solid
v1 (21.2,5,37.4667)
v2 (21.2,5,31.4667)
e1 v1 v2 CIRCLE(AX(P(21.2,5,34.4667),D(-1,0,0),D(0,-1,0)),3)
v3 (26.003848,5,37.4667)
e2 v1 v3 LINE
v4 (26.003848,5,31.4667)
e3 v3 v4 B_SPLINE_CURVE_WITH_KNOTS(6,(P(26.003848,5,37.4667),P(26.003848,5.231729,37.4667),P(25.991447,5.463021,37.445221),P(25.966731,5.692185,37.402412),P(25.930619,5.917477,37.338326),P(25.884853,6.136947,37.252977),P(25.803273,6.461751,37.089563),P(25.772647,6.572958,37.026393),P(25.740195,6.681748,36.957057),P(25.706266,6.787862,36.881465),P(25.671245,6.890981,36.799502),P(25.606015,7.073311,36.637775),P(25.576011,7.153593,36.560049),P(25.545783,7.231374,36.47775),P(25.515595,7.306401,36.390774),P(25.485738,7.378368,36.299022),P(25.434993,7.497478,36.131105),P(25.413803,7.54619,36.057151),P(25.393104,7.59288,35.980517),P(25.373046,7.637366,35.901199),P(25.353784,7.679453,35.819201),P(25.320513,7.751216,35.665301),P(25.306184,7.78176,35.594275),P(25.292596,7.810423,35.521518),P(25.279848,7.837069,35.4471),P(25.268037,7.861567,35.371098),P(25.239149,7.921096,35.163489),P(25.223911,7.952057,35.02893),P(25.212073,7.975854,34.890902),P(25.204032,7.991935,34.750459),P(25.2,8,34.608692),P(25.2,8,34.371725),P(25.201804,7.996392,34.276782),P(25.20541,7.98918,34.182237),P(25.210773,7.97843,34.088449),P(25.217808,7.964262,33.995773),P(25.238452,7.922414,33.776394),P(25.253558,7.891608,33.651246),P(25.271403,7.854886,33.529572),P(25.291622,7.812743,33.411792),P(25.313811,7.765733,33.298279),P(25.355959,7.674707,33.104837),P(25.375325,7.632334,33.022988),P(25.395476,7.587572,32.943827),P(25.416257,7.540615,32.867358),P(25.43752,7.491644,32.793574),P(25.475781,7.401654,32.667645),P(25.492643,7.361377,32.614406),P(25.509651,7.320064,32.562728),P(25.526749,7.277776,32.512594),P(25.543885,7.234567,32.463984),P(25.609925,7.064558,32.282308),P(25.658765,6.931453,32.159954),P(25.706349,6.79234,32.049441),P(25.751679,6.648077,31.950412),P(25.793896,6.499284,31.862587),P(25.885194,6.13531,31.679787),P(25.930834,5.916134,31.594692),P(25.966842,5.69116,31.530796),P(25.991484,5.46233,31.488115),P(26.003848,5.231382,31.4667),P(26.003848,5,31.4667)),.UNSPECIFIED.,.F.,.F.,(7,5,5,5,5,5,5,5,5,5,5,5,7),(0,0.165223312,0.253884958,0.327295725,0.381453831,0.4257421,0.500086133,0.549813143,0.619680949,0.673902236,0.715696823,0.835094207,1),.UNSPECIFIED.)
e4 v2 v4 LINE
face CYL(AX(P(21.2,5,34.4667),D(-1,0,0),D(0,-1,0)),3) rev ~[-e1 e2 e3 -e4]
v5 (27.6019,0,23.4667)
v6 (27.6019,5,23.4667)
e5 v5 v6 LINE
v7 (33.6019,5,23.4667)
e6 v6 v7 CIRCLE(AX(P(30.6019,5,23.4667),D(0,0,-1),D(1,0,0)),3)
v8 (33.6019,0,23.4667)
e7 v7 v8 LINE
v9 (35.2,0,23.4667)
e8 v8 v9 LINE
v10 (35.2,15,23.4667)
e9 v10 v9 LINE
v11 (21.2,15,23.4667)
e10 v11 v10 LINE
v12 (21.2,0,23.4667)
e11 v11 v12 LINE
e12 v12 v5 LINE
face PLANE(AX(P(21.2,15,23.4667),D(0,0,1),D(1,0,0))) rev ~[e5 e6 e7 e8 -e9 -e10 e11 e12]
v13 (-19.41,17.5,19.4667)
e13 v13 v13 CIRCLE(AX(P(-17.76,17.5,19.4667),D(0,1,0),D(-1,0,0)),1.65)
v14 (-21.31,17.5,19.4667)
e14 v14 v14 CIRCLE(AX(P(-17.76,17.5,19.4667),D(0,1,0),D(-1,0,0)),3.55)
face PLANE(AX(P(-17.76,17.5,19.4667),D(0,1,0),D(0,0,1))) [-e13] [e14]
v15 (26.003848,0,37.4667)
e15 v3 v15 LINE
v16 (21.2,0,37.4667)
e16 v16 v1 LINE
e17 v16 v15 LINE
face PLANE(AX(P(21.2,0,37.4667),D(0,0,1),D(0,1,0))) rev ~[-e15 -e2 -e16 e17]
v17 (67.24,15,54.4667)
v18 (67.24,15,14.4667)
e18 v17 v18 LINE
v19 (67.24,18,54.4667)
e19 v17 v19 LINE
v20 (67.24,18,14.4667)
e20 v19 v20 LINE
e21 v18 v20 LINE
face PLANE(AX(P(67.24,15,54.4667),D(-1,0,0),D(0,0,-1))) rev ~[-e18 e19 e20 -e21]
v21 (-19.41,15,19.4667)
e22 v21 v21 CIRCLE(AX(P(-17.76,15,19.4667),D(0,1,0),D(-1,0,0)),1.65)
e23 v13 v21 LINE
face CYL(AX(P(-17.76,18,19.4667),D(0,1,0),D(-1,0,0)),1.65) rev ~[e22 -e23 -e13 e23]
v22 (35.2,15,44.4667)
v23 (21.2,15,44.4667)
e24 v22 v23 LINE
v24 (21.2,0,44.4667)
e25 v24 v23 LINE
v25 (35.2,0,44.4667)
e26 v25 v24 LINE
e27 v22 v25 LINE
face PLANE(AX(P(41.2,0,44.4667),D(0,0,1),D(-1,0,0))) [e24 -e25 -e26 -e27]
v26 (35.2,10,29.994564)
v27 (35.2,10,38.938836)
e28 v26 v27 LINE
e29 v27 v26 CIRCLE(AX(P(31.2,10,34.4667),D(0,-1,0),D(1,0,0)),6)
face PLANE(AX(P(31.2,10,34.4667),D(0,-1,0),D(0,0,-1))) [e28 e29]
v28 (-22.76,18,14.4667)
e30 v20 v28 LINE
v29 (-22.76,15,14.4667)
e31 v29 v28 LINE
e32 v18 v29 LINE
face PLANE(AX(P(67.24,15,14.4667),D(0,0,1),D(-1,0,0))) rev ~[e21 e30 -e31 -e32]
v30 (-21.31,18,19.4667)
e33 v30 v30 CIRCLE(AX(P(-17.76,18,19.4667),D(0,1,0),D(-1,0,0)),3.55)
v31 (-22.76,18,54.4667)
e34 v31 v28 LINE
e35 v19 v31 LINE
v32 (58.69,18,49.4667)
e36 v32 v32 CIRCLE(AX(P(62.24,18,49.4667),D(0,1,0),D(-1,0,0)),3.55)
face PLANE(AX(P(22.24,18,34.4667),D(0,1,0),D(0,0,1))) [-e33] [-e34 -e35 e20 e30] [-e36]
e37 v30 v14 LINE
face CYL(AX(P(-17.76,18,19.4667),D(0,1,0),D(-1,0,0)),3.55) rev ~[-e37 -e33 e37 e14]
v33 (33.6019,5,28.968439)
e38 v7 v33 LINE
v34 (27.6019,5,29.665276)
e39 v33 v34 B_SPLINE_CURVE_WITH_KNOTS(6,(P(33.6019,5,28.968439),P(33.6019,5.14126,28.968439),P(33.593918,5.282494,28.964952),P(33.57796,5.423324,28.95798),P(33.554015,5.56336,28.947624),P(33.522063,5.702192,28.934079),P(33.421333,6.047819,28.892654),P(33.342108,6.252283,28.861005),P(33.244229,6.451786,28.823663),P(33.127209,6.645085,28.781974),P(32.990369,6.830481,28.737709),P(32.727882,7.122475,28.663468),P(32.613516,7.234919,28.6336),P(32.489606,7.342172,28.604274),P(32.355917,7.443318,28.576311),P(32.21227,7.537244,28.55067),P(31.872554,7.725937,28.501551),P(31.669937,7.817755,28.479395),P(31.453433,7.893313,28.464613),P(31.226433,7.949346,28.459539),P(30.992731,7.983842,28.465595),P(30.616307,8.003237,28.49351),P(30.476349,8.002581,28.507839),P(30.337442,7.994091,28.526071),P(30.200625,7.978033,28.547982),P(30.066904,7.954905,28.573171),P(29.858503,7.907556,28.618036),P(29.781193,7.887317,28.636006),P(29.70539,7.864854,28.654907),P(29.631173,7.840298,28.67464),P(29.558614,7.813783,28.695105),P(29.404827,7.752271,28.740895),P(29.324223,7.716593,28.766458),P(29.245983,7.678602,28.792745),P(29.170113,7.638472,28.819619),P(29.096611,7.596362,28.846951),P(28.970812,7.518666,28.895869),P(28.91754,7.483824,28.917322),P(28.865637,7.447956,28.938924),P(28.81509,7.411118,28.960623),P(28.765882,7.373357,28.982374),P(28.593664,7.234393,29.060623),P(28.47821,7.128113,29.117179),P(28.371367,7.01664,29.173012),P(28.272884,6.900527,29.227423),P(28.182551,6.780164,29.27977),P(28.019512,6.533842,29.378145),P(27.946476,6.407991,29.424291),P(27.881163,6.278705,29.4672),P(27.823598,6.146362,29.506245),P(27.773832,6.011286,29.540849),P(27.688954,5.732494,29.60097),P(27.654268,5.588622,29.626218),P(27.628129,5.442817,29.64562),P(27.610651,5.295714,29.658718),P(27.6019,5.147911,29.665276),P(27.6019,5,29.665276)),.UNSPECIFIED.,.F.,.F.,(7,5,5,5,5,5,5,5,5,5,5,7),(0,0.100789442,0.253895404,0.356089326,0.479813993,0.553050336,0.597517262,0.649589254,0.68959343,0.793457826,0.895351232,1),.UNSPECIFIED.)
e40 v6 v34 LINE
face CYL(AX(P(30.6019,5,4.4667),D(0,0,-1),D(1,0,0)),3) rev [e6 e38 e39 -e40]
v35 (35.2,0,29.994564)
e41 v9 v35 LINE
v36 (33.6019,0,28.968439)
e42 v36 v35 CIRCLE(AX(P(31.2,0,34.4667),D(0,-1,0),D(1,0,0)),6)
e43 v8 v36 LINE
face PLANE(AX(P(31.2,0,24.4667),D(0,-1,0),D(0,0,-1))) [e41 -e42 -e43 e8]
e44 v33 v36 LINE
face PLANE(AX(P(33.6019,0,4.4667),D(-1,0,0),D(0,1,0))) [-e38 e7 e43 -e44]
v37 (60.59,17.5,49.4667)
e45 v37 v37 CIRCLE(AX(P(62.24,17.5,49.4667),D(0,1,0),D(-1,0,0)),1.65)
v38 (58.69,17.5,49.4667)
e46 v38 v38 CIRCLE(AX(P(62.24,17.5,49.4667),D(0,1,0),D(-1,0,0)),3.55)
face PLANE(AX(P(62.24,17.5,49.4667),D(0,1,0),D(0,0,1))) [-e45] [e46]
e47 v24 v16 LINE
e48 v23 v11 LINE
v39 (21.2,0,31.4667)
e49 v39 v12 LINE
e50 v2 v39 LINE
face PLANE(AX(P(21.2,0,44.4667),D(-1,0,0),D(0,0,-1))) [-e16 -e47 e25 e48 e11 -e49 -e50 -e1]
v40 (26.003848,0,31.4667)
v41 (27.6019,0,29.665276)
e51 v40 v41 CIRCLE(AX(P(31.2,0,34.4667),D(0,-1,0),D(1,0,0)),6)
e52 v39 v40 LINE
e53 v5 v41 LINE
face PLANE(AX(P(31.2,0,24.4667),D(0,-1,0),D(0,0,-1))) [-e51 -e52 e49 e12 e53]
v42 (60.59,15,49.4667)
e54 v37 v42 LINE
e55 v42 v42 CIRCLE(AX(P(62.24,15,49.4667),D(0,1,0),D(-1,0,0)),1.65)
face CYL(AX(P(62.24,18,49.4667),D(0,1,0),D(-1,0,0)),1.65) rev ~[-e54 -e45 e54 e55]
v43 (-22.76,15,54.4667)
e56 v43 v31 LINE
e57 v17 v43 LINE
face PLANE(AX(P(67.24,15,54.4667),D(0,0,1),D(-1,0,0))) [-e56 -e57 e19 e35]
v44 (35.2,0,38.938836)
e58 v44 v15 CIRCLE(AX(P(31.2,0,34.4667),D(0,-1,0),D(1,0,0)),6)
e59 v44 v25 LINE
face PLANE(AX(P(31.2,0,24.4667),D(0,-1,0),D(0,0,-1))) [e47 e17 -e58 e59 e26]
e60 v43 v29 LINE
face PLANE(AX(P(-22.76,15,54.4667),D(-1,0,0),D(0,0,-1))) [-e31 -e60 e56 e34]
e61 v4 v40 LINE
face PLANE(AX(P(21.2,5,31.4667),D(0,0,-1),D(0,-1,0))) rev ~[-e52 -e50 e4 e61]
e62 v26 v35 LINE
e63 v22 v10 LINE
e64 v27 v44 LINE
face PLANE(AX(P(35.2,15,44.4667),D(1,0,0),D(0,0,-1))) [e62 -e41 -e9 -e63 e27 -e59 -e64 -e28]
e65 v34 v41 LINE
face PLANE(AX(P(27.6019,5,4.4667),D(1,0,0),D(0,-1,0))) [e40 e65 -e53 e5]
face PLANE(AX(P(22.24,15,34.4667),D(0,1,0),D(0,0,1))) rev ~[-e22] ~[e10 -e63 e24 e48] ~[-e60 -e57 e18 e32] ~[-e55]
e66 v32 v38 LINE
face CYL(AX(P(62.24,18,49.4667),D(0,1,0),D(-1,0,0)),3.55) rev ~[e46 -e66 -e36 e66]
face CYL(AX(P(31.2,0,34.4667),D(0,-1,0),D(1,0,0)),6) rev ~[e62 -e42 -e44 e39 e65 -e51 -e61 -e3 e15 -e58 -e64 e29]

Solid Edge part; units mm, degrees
sketch "Sketch1" plane through (0, 0, 0) normal (0, -1, 0) x (1, 0, 0)
  line L0 (21.2, 4.4667) -> (41.2, 4.4667)
  line L1 (41.2, 4.4667) -> (41.2, 44.4667)
  line L2 (41.2, 44.4667) -> (21.2, 44.4667)
  line L3 (21.2, 44.4667) -> (21.2, 4.4667)
  dimension "D1" = 20
  dimension "D2" = 40
extrude "Protrusion1" add sketch "Sketch1" against normal blind 15
sketch "Sketch2" plane through (31.2, 0, 24.4667) normal (0, -1, 0) x (1, 0, 0)
  circle A0 centre (0, 10) radius 6
  dimension "D1" = 12
  dimension "D2" = 10
extrude "ExtrudedCutout_1" cut sketch "Sketch2" against normal blind 10
sketch "Sketch3" plane through (21.2, 7.5, 24.4667) normal (-1, 0, 0) x (0, -1, 0)
  line L0 (7.5, 13) -> (2.5, 13)
  arc A0 (2.5, 13) -> (2.5, 7) centre (2.5, 10) ccw
  line L1 (2.5, 7) -> (7.5, 7)
  line L2 (7.5, 13) -> (7.5, 7)
  dimension "D1" = 7
  dimension "D2" = 3
  dimension "D3" = 5
extrude "Cutout1" cut sketch "Sketch3" against normal through all
sketch "Sketch4" plane through (31.2, 15, 24.4667) normal (0, 1, 0) x (-1, 0, 0)
  line L0 (-10, 20) -> (-4, 20)
  line L1 (-4, 20) -> (-4, -20)
  line L2 (-4, -20) -> (-10, -20)
  line L3 (-10, -20) -> (-10, 20)
  dimension "D1" = 6
extrude "Cutout2" cut sketch "Sketch4" against normal through all
sketch "Sketch5" plane through (28.2, 7.5, 4.4667) normal (0, 0, -1) x (1, 0, 0)
  line L0 (5.4019, 7.5) -> (5.4019, 2.5)
  arc A0 (5.4019, 2.5) -> (-0.5981, 2.5) centre (2.4019, 2.5) cw
  line L1 (-0.5981, 2.5) -> (-0.5981, 7.5)
  line L2 (5.4019, 7.5) -> (-0.5981, 7.5)
  dimension "D1" = 3
  dimension "D2" = 3
  dimension "D3" = 5
  dimension "D4" = 5
  dimension "D5" = 3
extrude "Cutout3" cut sketch "Sketch5" against normal up to next
sketch "Sketch6" plane through (28.2, 15, 24.4667) normal (0, 1, 0) x (-1, 0, 0)
  line L0 (-7, -20) -> (7, -20)
  line L1 (7, -20) -> (7, -1)
  line L2 (7, -1) -> (-7, -1)
  line L3 (-7, -1) -> (-7, -20)
  dimension "D1" = 19
extrude "Cutout4" cut sketch "Sketch6" against normal up to next
sketch "Sketch7" plane through (28.2, 15, 33.9667) normal (0, 1, 0) x (-1, 0, 0)
  line L0 (-39.04, 20.5) -> (-39.04, -19.5)
  line L1 (-39.04, -19.5) -> (50.96, -19.5)
  line L2 (50.96, 20.5) -> (50.96, -19.5)
  line L3 (-39.04, 20.5) -> (50.96, 20.5)
  dimension "D1" = 40
  dimension "D2" = 36.04
  dimension "D3" = 90
  dimension "D4" = 40
extrude "ExtrudedProtrusion_2" add sketch "Sketch7" along normal blind 3
sketch "Sketch8" plane through (19.24, 18, 34.4667) normal (0, 1, 0) x (-1, 0, 0)
  circle A0 centre (-43, 15) radius 1.65
  circle A1 centre (37, -15) radius 1.65
  dimension "D1" = 3.3
  dimension "D2" = 5
  dimension "D3" = 5
  dimension "D4" = 3.3
  dimension "D5" = 5
  dimension "D6" = 5
extrude "Cutout5" cut sketch "Sketch8" against normal through all
sketch "Sketch9" plane through (19.24, 18, 34.4667) normal (0, 1, 0) x (-1, 0, 0)
  circle A0 centre (-43, 15) radius 3.55
  circle A1 centre (37, -15) radius 3.55
extrude "ExtrudedCutout_9" cut sketch "Sketch9" against normal blind 0.5
